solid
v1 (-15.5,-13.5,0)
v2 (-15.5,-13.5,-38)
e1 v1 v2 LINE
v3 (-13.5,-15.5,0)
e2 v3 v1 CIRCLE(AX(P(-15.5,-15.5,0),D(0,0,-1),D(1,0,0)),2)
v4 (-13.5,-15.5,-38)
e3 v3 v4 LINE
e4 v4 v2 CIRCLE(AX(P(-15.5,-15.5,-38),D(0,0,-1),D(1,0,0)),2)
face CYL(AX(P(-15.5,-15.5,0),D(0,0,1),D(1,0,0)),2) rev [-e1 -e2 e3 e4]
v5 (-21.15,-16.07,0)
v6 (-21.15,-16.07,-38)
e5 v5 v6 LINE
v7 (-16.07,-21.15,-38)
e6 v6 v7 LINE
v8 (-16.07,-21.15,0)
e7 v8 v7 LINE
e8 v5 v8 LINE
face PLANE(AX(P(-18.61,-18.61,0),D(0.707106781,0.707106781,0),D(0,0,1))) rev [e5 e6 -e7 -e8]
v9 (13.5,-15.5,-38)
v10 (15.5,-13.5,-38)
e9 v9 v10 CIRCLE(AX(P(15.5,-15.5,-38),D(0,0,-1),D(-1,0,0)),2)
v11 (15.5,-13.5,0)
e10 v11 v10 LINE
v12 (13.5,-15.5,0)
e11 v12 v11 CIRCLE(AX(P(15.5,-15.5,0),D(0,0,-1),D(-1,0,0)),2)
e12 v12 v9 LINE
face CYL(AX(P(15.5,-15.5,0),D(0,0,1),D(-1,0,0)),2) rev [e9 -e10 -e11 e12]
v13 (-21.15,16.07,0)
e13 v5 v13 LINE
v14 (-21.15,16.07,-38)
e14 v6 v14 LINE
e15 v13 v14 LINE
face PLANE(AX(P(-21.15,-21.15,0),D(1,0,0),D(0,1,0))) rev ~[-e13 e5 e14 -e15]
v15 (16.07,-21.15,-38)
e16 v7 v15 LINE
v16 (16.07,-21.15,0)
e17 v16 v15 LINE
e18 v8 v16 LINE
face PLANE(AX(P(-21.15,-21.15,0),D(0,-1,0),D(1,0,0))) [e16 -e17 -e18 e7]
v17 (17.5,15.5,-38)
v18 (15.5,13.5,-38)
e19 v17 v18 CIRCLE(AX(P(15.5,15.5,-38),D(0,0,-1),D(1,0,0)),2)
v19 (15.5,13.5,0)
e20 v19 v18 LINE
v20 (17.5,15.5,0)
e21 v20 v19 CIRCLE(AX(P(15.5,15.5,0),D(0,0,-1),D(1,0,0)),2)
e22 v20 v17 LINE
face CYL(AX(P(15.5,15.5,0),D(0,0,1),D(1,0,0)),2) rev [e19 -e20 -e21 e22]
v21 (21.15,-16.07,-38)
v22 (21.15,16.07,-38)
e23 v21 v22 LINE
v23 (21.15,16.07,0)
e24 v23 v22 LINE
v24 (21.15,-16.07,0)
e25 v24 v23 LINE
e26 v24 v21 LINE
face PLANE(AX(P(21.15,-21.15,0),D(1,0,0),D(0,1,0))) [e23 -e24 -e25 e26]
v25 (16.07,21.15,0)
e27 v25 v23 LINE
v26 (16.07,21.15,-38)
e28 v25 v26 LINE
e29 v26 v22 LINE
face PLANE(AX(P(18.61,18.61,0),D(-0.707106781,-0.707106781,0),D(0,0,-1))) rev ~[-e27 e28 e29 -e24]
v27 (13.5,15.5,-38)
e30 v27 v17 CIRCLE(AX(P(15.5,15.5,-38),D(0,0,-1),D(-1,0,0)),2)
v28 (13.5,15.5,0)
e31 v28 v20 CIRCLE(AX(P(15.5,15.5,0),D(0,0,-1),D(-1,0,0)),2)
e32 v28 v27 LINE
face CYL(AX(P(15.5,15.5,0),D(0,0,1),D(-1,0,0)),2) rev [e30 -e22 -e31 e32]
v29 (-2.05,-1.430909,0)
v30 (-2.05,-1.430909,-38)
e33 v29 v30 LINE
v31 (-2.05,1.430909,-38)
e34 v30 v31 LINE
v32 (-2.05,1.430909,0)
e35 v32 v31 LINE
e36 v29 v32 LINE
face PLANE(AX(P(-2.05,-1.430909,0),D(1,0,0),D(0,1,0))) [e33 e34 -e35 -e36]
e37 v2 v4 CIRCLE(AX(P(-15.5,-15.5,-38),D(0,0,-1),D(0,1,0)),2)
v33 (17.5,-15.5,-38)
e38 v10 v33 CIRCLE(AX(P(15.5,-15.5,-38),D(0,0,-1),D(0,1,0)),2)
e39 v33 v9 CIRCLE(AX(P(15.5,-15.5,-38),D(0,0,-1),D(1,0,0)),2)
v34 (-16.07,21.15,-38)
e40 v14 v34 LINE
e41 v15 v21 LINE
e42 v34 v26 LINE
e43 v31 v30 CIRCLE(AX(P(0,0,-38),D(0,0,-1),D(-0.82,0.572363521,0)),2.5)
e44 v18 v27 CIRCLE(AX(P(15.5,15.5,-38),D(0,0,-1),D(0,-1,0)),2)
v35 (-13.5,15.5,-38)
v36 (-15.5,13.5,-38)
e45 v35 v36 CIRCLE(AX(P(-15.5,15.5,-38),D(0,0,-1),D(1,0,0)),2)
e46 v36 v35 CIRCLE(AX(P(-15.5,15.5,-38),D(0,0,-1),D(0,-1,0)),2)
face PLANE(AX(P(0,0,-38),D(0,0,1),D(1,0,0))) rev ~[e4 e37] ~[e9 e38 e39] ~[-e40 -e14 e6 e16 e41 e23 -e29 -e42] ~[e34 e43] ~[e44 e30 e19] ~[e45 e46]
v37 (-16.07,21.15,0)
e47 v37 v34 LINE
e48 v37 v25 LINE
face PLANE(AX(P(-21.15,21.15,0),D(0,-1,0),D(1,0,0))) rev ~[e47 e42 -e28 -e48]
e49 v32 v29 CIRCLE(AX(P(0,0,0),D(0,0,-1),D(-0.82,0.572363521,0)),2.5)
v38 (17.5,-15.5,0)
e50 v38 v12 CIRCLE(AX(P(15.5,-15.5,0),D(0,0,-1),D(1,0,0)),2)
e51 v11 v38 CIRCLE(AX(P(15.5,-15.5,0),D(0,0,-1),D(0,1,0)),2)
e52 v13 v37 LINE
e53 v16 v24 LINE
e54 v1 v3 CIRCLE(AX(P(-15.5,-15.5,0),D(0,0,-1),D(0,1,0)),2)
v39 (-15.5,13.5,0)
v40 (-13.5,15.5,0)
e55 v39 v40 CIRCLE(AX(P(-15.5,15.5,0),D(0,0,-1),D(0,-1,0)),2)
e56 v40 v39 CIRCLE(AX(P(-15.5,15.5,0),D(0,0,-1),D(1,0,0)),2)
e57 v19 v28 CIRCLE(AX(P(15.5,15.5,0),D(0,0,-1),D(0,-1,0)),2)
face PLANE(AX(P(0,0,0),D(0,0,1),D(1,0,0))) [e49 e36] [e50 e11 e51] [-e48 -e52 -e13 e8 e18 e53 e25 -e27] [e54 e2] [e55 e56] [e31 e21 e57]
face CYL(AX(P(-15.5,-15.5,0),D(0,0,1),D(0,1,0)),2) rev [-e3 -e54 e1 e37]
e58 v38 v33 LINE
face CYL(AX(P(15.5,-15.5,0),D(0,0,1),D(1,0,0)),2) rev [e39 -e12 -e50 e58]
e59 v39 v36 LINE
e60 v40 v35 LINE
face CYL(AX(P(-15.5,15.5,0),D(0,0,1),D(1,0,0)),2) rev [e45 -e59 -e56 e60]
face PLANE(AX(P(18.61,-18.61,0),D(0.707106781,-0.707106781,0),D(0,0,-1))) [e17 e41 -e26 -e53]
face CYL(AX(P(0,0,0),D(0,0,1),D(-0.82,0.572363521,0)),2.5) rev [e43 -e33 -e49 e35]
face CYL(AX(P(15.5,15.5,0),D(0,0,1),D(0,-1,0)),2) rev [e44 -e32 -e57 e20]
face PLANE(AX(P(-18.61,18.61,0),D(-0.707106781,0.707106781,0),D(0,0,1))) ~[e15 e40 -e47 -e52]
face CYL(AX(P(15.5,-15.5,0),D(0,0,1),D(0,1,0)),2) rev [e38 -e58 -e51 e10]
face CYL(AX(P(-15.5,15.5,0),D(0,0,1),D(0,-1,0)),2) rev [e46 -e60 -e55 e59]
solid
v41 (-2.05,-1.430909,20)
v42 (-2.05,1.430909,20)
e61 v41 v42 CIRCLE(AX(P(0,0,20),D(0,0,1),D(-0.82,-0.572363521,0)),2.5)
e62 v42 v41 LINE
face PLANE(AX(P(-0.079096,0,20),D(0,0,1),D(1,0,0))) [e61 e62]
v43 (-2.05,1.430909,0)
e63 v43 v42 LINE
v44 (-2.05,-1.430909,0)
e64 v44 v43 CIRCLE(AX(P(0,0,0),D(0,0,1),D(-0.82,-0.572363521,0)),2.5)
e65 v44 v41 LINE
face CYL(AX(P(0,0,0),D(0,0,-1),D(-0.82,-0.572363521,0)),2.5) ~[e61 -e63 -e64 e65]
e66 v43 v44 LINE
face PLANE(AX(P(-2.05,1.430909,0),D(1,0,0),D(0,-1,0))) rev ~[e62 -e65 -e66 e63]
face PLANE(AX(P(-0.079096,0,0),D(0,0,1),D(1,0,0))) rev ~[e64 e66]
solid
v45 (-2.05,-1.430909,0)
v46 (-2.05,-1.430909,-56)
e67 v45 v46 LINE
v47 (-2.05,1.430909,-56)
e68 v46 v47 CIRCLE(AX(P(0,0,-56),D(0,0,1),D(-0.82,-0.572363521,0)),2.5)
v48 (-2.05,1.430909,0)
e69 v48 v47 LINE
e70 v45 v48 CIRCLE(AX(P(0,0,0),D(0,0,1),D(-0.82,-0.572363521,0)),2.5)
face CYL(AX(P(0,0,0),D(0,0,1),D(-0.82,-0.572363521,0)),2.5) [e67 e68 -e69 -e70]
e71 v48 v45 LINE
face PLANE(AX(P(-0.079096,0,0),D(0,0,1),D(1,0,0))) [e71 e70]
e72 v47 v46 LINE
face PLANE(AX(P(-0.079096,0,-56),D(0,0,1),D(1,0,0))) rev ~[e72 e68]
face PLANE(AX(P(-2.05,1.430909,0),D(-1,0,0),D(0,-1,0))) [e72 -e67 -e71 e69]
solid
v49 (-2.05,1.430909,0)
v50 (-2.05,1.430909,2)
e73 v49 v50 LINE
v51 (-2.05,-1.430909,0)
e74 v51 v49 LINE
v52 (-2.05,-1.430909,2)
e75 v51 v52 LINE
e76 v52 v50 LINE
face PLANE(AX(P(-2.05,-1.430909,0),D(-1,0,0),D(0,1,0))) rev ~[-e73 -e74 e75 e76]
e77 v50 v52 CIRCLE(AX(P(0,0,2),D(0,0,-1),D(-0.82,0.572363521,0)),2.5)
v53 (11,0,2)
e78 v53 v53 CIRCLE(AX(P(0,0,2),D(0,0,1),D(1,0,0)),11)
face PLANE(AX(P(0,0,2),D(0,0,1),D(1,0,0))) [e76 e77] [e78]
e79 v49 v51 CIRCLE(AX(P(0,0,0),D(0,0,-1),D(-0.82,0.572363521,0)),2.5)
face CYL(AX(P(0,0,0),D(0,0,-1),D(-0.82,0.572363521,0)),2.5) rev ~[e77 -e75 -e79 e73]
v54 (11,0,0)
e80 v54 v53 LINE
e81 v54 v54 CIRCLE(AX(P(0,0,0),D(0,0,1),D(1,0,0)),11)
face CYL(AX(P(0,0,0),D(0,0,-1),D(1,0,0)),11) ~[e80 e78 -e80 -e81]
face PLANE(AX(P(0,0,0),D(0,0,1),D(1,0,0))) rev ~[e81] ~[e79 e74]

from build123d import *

# Parameters (mm, degrees)
F1_DEPTH = 20
F0_W     = 42.3
F0_H     = 42.3
F0_R     = 11
F2_DEPTH = 38
F3_DEPTH = 2
F4_DEPTH = 56
F5_SIZE  = 5.08


with BuildPart() as f1:
    # F0 (on Top) → F1 (new body)
    with BuildSketch(Plane.XY):
        with BuildLine():
            Line((-2.05, 1.4309088021), (-2.05, -1.4309088021))
            ThreePointArc((-2.05, -1.4309088021), (2.5, 0), (-2.05, 1.4309088021))
        make_face()
    extrude(amount=F1_DEPTH)


with BuildPart() as f2:
    # F0 (on Top) → F2 (new body)
    with BuildSketch(Plane.XY):
        Rectangle(F0_W, F0_H)
        with BuildLine():
            ThreePointArc((-15.5, 13.5), (-16.9142135624, 16.9142135624), (-13.5, 15.5))
            Line((-13.5, 15.5), (13.5, 15.5))
            ThreePointArc((13.5, 15.5), (15.5, 17.5), (17.5, 15.5))
            ThreePointArc((17.5, 15.5), (16.9142135624, 14.0857864376), (15.5, 13.5))
            Line((15.5, 13.5), (15.5, -13.5))
            ThreePointArc((15.5, -13.5), (16.9142135624, -14.0857864376), (17.5, -15.5))
            ThreePointArc((17.5, -15.5), (15.5, -17.5), (13.5, -15.5))
            Line((13.5, -15.5), (-13.5, -15.5))
            ThreePointArc((-13.5, -15.5), (-16.9142135624, -16.9142135624), (-15.5, -13.5))
            Line((-15.5, -13.5), (-15.5, 13.5))
        make_face(mode=Mode.SUBTRACT)
        with BuildLine():
            Line((13.5, 15.5), (-13.5, 15.5))
            ThreePointArc((-13.5, 15.5), (-14.0857864376, 14.0857864376), (-15.5, 13.5))
            Line((-15.5, 13.5), (-15.5, -13.5))
            ThreePointArc((-15.5, -13.5), (-14.0857864376, -14.0857864376), (-13.5, -15.5))
            Line((-13.5, -15.5), (13.5, -15.5))
            ThreePointArc((13.5, -15.5), (14.0857864376, -14.0857864376), (15.5, -13.5))
            Line((15.5, -13.5), (15.5, 13.5))
            ThreePointArc((15.5, 13.5), (14.0857864376, 14.0857864376), (13.5, 15.5))
        make_face()
        Circle(F0_R, mode=Mode.SUBTRACT)
        Circle(F0_R)
        with BuildLine():
            ThreePointArc((-2.05, 1.4309088021), (2.5, 0), (-2.05, -1.4309088021))
            Line((-2.05, -1.4309088021), (-2.05, 1.4309088021))
        make_face(mode=Mode.SUBTRACT)
    extrude(amount=-F2_DEPTH)

    # F5
    f5_edges = [f2.edges().sort_by_distance(p)[0] for p in [
        (-21.15, 21.15, -19),
        (21.15, 21.15, -19),
        (21.15, -21.15, -19),
        (-21.15, -21.15, -19),
    ]]
    chamfer(f5_edges, length=F5_SIZE)


with BuildPart() as f3:
    # F0 (on Top) → F3 (new body)
    with BuildSketch(Plane.XY):
        Circle(F0_R)
        with BuildLine():
            ThreePointArc((-2.05, 1.4309088021), (2.5, 0), (-2.05, -1.4309088021))
            Line((-2.05, -1.4309088021), (-2.05, 1.4309088021))
        make_face(mode=Mode.SUBTRACT)
    extrude(amount=F3_DEPTH)


with BuildPart() as f4:
    # F0 (on Top) → F4 (new body)
    with BuildSketch(Plane.XY):
        with BuildLine():
            Line((-2.05, 1.4309088021), (-2.05, -1.4309088021))
            ThreePointArc((-2.05, -1.4309088021), (2.5, 0), (-2.05, 1.4309088021))
        make_face()
    extrude(amount=-F4_DEPTH)


solid = Compound([f1.part, f2.part, f3.part, f4.part])
